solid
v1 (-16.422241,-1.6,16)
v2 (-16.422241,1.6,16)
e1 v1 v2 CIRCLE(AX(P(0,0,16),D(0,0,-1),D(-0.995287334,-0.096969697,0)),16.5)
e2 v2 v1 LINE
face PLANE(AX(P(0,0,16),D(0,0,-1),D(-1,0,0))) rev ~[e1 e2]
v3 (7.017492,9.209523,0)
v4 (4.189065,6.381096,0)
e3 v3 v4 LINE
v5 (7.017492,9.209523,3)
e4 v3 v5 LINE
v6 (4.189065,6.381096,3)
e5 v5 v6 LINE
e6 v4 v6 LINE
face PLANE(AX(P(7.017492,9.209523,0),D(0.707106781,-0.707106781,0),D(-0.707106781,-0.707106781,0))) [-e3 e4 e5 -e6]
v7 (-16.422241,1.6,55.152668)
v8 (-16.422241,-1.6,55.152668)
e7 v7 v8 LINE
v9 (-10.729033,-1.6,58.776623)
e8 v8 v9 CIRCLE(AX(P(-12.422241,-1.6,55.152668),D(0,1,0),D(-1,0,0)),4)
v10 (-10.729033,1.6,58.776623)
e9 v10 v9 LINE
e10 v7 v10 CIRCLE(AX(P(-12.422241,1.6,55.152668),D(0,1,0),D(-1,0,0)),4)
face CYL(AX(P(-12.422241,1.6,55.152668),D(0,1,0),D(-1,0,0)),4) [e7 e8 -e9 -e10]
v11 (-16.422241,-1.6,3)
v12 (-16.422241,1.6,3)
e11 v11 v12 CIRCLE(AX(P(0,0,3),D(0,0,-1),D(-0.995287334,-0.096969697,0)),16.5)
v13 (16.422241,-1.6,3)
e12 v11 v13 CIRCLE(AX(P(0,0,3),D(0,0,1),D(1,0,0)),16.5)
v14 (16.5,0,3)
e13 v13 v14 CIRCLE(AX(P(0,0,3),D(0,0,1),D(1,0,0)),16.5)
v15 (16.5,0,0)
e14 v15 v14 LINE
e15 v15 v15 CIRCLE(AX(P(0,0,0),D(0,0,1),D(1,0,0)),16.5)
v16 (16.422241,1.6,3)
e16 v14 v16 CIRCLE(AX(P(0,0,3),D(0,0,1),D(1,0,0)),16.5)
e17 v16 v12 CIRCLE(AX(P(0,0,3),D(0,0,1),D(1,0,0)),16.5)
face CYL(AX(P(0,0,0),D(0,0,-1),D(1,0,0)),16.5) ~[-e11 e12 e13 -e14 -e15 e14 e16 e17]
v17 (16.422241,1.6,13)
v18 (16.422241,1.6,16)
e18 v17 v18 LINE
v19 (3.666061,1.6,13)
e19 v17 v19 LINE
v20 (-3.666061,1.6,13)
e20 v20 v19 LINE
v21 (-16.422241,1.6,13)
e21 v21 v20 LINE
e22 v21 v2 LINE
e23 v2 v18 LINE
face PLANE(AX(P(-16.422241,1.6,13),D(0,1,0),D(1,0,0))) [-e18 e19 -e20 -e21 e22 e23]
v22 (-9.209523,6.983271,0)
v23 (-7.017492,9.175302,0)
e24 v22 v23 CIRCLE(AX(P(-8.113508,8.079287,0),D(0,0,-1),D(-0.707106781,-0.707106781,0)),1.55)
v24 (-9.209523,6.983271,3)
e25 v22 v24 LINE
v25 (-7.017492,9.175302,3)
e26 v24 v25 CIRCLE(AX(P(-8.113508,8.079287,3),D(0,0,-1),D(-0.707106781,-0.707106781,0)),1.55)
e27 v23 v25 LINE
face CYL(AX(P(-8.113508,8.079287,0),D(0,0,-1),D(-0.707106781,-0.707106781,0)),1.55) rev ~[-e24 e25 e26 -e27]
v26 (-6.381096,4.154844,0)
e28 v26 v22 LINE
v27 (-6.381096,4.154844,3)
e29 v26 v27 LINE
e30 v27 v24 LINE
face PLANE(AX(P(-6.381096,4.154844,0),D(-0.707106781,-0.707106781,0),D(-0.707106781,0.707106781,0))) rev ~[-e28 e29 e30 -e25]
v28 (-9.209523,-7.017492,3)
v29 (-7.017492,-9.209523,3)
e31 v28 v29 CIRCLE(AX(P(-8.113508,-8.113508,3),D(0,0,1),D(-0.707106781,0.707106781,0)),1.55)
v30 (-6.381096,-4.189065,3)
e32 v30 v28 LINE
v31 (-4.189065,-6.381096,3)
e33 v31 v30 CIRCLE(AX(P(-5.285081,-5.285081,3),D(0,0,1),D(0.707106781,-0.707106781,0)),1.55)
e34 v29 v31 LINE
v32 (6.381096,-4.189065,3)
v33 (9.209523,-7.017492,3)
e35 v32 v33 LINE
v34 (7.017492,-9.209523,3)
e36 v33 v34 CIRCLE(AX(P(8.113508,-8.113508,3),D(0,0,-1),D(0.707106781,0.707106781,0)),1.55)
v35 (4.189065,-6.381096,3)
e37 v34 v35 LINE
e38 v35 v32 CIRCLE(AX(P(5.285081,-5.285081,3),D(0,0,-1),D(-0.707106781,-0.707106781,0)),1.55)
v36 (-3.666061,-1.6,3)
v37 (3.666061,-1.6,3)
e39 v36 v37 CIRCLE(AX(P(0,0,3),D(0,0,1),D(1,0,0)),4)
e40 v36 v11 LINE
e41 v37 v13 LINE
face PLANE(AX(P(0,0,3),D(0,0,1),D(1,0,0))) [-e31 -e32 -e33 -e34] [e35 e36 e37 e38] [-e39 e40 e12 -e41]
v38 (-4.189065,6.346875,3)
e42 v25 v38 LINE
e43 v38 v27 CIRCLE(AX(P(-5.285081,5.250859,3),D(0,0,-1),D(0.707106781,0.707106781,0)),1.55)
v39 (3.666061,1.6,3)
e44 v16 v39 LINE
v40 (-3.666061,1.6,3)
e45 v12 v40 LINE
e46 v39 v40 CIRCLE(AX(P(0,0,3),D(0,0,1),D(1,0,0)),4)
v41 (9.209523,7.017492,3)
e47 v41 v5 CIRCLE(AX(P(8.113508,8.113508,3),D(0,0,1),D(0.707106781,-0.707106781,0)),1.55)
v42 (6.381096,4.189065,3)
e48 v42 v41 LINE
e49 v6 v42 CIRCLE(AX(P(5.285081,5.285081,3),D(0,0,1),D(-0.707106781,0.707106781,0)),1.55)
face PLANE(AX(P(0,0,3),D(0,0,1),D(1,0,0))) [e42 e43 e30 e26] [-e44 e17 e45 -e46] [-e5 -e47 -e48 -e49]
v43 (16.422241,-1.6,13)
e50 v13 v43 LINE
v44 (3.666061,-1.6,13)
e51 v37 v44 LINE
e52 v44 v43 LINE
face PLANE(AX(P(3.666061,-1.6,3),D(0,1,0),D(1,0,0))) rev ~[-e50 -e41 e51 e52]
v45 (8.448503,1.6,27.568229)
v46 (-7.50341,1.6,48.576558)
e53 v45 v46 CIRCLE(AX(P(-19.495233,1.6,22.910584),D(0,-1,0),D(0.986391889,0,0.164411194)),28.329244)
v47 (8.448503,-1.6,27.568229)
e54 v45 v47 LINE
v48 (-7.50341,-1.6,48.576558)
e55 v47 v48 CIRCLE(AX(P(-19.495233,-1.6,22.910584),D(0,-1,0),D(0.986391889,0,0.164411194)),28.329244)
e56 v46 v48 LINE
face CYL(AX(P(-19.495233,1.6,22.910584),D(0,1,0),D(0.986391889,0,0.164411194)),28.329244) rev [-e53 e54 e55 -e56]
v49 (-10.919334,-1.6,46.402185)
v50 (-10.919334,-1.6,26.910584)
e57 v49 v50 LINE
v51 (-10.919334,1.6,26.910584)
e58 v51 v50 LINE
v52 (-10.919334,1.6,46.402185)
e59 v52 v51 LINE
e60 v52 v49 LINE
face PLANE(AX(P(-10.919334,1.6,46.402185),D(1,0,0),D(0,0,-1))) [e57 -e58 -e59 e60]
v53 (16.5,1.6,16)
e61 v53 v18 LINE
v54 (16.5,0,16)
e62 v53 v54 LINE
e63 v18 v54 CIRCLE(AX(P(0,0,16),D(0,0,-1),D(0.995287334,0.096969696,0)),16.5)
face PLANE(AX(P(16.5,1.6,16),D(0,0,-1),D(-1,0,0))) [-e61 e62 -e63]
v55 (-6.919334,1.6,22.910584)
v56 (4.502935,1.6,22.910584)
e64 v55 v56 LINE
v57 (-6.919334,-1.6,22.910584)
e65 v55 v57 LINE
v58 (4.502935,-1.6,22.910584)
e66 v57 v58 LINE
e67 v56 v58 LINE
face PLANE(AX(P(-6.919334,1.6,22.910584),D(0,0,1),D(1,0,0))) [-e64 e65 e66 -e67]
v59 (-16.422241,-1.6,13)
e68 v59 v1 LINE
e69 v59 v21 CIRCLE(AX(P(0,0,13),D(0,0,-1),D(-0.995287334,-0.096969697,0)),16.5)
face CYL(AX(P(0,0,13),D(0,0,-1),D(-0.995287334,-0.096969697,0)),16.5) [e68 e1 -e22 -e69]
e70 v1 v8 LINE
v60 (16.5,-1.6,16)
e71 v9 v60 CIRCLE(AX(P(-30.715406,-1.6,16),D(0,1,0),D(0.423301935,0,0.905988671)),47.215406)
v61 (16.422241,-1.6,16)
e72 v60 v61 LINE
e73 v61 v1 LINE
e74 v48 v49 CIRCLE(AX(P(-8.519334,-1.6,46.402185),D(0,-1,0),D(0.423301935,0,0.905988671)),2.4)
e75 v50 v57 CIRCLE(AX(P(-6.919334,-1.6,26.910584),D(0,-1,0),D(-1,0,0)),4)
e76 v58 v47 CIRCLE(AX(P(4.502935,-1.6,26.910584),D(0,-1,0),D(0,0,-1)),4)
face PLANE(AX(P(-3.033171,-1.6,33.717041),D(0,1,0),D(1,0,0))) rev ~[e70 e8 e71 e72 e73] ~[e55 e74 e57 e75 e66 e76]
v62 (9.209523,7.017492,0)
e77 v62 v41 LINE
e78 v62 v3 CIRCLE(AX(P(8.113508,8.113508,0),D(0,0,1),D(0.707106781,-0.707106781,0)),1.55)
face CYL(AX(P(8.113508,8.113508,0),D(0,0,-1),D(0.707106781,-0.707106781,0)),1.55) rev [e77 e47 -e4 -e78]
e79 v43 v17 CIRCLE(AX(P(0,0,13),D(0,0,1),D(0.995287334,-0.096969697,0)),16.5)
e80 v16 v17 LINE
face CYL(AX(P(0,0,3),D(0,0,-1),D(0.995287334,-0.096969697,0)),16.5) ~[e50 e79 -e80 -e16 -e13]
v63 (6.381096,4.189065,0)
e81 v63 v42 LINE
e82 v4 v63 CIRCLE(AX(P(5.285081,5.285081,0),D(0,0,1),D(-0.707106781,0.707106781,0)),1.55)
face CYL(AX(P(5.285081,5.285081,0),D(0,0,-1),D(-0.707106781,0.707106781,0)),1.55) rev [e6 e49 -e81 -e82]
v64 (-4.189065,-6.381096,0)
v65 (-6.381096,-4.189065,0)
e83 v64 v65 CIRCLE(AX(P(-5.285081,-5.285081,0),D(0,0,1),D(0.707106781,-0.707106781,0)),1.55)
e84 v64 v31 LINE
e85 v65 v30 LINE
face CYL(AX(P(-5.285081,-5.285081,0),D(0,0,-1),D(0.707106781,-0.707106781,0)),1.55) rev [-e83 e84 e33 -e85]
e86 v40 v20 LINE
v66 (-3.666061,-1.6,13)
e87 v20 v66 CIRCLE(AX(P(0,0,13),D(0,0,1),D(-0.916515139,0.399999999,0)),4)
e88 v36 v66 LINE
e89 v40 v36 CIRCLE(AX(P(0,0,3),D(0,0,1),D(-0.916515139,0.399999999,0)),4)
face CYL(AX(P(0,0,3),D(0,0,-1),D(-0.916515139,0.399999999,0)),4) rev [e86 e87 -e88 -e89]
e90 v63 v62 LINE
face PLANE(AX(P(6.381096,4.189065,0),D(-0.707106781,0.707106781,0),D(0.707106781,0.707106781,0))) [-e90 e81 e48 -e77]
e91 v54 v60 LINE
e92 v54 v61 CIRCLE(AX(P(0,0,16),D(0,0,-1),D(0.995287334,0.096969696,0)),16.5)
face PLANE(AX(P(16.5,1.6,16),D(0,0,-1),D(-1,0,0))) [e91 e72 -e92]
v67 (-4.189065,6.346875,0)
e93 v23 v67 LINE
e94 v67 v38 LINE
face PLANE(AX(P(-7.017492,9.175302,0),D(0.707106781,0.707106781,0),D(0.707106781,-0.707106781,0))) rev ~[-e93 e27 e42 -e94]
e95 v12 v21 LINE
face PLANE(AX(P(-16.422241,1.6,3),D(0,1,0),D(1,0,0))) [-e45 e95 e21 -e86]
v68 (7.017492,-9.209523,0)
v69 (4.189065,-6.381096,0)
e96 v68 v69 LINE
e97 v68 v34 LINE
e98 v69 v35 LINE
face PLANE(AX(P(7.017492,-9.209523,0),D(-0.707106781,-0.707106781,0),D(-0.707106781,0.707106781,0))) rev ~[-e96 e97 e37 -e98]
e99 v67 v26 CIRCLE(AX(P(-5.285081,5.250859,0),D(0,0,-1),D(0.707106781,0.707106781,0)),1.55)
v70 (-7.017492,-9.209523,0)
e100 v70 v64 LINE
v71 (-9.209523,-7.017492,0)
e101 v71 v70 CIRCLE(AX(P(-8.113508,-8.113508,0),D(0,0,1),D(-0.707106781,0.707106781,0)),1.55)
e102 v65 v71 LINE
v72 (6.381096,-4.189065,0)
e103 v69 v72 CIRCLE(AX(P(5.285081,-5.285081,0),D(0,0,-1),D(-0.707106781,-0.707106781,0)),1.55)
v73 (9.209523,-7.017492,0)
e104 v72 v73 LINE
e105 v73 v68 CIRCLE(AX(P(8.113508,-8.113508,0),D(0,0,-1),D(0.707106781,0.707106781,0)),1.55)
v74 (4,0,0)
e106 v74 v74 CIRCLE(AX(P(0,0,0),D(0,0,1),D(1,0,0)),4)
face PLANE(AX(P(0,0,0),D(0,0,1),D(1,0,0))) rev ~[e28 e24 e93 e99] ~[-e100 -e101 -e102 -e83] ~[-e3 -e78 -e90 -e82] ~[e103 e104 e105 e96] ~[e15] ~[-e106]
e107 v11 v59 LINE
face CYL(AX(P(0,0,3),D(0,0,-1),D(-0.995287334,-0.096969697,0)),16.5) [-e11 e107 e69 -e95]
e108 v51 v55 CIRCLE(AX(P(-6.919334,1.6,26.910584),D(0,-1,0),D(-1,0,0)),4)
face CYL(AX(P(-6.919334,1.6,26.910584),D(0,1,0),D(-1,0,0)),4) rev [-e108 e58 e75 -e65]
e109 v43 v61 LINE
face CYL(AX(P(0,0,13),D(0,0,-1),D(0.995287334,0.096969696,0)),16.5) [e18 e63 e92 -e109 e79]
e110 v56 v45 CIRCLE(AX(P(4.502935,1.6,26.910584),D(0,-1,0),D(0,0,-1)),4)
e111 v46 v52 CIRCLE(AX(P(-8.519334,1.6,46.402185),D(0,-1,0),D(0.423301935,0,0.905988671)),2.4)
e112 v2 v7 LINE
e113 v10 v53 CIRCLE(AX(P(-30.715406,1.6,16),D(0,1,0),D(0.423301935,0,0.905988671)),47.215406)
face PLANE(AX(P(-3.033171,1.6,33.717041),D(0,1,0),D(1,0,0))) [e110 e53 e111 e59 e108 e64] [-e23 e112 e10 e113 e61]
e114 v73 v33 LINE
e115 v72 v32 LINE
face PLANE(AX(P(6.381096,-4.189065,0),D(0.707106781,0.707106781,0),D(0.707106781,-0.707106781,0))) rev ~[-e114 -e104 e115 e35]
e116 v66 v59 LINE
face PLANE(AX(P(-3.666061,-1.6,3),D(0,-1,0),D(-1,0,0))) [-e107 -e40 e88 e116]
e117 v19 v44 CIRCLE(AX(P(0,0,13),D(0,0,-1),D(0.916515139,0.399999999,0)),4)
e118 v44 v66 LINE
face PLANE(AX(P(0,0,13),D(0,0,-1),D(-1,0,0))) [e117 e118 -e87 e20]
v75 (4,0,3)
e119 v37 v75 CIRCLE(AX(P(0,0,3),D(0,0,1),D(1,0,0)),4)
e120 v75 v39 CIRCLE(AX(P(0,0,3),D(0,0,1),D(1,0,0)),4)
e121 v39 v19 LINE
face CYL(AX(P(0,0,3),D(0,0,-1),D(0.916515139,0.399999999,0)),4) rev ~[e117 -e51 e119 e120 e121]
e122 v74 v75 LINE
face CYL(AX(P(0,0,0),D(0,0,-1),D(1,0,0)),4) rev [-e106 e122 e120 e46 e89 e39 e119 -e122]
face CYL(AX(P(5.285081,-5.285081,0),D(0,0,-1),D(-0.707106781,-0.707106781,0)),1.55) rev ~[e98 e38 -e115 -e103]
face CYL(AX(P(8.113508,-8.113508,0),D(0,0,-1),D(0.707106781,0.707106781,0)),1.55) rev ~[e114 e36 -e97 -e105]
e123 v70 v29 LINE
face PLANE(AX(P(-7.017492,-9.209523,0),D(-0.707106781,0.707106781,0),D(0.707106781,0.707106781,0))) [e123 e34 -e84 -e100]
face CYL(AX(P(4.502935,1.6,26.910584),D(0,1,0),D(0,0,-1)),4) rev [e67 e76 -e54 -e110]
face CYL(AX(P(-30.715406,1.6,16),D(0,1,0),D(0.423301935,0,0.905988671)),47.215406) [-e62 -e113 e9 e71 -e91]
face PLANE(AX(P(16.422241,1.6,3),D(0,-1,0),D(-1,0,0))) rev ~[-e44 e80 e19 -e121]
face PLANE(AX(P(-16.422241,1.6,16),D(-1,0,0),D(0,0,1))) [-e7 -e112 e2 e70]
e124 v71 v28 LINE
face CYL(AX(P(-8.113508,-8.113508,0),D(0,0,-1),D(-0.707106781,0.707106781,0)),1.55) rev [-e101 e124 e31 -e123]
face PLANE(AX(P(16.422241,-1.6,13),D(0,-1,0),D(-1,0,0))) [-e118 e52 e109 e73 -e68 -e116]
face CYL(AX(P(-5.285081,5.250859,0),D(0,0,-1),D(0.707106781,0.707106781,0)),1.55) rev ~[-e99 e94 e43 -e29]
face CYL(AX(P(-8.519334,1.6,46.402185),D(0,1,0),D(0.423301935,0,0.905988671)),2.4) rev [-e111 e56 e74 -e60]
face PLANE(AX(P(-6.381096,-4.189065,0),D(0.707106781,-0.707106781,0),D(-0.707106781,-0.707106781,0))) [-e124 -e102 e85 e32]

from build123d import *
from build123d.topology import SkipClean

# Parameters (mm, degrees)
SKETCH_1_R       = 16.5
SKETCH_1_R_2     = 4
EXTRUDE_4_DEPTH  = 3
EXTRUDE_6_DEPTH  = 10
EXTRUDE_12_DEPTH = 3
EXTRUDE_14_DEPTH = 3.2


with BuildPart() as part:
    # 草图1 → 凸台-拉伸4 (new body)
    with BuildSketch(Plane.XY):
        with Locations((0, 3e-09)):
            Circle(SKETCH_1_R)
        with Locations((0, 3e-09)):
            Circle(SKETCH_1_R_2, mode=Mode.SUBTRACT)
        with BuildLine():
            Line((-7.017492281, 9.175302033), (-4.189065156, 6.346874908))
            ThreePointArc((-4.189065156, 6.346874908), (-4.189065156, 4.154843887), (-6.381096178, 4.154843887))
            Line((-6.381096178, 4.154843887), (-9.209523303, 6.983271012))
            ThreePointArc((-9.209523303, 6.983271012), (-9.209523303, 9.175302033), (-7.017492281, 9.175302033))
        make_face(mode=Mode.SUBTRACT)
        with BuildLine():
            Line((7.017492281, 9.209523305), (4.189065156, 6.381096181))
            ThreePointArc((4.189065156, 6.381096181), (4.189065156, 4.189065159), (6.381096178, 4.189065159))
            Line((6.381096178, 4.189065159), (9.209523303, 7.017492284))
            ThreePointArc((9.209523303, 7.017492284), (9.209523303, 9.209523305), (7.017492281, 9.209523305))
        make_face(mode=Mode.SUBTRACT)
        with BuildLine():
            Line((-7.017492281, -9.2095233), (-4.189065156, -6.381096175))
            ThreePointArc((-4.189065156, -6.381096175), (-4.189065156, -4.189065153), (-6.381096178, -4.189065153))
            Line((-6.381096178, -4.189065153), (-9.209523303, -7.017492278))
            ThreePointArc((-9.209523303, -7.017492278), (-9.209523303, -9.2095233), (-7.017492281, -9.2095233))
        make_face(mode=Mode.SUBTRACT)
        with BuildLine():
            Line((7.017492281, -9.2095233), (4.189065156, -6.381096175))
            ThreePointArc((4.189065156, -6.381096175), (4.189065156, -4.189065153), (6.381096178, -4.189065153))
            Line((6.381096178, -4.189065153), (9.209523303, -7.017492278))
            ThreePointArc((9.209523303, -7.017492278), (9.209523303, -9.2095233), (7.017492281, -9.2095233))
        make_face(mode=Mode.SUBTRACT)
    extrude(amount=EXTRUDE_4_DEPTH)

    # 草图3 → 凸台-拉伸6 (add)
    with SkipClean():  # the faces are left unmerged after this step: merging them gives an invalid solid
        with BuildSketch(Plane.XY.offset(3)):
            with BuildLine():
                Line((16.422241017, 1.600000001), (3.666060557, 1.600000001))
                ThreePointArc((3.666060557, 1.600000001), (4, 0), (3.666060555, -1.6))
                Line((3.666060555, -1.6), (16.422241016, -1.6))
                ThreePointArc((16.422241016, -1.6), (16.5, 0), (16.422241017, 1.600000001))
            make_face()
            with BuildLine():
                Line((-16.422241017, 1.600000001), (-3.666060557, 1.600000001))
                ThreePointArc((-3.666060557, 1.600000001), (-4, 0), (-3.666060555, -1.6))
                Line((-3.666060555, -1.6), (-16.422241016, -1.6))
                ThreePointArc((-16.422241016, -1.6), (-16.5, 0), (-16.422241017, 1.600000001))
            make_face()
        extrude(amount=EXTRUDE_6_DEPTH)

    # 草图4 → 凸台-拉伸12 (add)
    with SkipClean():  # the faces are left unmerged after this step: merging them gives an invalid solid
        with BuildSketch(Plane.XY.offset(13)):
            with BuildLine():
                Line((-16.422241017, 1.600000001), (16.422241017, 1.600000001))
                ThreePointArc((16.422241017, 1.600000001), (16.5, 0), (16.422241016, -1.6))
                Line((16.422241016, -1.6), (-16.422241016, -1.6))
                ThreePointArc((-16.422241016, -1.6), (-16.5, 0), (-16.422241017, 1.600000001))
            make_face()
        extrude(amount=EXTRUDE_12_DEPTH)

    # 草图8 → 凸台-拉伸14 (add)
    with SkipClean():  # the faces are left unmerged after this step: merging them gives an invalid solid
        with BuildSketch(Plane(origin=(0, 1.600000001, 0), x_dir=(1, 0, 0), z_dir=(0, 1, 0))):
            with BuildLine():
                Line((-16.422241017, -16), (-16.422241017, -55.152668259))
                ThreePointArc((-16.422241017, -55.152668259), (-14.570166648, -58.527044569), (-10.729033275, -58.776622942))
                ThreePointArc((-10.729033275, -58.776622942), (9.115230867, -41.353795196), (16.5, -16))
                Line((16.5, -16), (-16.422241017, -16))
            make_face()
            with BuildLine():
                Line((-6.919334161, -22.910583914), (4.502935407, -22.910583914))
                ThreePointArc((4.502935407, -22.910583914), (7.555031335, -24.325103215), (8.448502964, -27.568228691))
                ThreePointArc((8.448502964, -27.568228691), (3.06689673, -40.042318745), (-7.503409516, -48.576557679))
                ThreePointArc((-7.503409516, -48.576557679), (-9.80808954, -48.426810655), (-10.919334161, -46.402184869))
                Line((-10.919334161, -46.402184869), (-10.919334161, -26.910583914))
                ThreePointArc((-10.919334161, -26.910583914), (-9.747761286, -24.082156789), (-6.919334161, -22.910583914))
            make_face(mode=Mode.SUBTRACT)
        extrude(amount=-EXTRUDE_14_DEPTH)


solid = part.part
